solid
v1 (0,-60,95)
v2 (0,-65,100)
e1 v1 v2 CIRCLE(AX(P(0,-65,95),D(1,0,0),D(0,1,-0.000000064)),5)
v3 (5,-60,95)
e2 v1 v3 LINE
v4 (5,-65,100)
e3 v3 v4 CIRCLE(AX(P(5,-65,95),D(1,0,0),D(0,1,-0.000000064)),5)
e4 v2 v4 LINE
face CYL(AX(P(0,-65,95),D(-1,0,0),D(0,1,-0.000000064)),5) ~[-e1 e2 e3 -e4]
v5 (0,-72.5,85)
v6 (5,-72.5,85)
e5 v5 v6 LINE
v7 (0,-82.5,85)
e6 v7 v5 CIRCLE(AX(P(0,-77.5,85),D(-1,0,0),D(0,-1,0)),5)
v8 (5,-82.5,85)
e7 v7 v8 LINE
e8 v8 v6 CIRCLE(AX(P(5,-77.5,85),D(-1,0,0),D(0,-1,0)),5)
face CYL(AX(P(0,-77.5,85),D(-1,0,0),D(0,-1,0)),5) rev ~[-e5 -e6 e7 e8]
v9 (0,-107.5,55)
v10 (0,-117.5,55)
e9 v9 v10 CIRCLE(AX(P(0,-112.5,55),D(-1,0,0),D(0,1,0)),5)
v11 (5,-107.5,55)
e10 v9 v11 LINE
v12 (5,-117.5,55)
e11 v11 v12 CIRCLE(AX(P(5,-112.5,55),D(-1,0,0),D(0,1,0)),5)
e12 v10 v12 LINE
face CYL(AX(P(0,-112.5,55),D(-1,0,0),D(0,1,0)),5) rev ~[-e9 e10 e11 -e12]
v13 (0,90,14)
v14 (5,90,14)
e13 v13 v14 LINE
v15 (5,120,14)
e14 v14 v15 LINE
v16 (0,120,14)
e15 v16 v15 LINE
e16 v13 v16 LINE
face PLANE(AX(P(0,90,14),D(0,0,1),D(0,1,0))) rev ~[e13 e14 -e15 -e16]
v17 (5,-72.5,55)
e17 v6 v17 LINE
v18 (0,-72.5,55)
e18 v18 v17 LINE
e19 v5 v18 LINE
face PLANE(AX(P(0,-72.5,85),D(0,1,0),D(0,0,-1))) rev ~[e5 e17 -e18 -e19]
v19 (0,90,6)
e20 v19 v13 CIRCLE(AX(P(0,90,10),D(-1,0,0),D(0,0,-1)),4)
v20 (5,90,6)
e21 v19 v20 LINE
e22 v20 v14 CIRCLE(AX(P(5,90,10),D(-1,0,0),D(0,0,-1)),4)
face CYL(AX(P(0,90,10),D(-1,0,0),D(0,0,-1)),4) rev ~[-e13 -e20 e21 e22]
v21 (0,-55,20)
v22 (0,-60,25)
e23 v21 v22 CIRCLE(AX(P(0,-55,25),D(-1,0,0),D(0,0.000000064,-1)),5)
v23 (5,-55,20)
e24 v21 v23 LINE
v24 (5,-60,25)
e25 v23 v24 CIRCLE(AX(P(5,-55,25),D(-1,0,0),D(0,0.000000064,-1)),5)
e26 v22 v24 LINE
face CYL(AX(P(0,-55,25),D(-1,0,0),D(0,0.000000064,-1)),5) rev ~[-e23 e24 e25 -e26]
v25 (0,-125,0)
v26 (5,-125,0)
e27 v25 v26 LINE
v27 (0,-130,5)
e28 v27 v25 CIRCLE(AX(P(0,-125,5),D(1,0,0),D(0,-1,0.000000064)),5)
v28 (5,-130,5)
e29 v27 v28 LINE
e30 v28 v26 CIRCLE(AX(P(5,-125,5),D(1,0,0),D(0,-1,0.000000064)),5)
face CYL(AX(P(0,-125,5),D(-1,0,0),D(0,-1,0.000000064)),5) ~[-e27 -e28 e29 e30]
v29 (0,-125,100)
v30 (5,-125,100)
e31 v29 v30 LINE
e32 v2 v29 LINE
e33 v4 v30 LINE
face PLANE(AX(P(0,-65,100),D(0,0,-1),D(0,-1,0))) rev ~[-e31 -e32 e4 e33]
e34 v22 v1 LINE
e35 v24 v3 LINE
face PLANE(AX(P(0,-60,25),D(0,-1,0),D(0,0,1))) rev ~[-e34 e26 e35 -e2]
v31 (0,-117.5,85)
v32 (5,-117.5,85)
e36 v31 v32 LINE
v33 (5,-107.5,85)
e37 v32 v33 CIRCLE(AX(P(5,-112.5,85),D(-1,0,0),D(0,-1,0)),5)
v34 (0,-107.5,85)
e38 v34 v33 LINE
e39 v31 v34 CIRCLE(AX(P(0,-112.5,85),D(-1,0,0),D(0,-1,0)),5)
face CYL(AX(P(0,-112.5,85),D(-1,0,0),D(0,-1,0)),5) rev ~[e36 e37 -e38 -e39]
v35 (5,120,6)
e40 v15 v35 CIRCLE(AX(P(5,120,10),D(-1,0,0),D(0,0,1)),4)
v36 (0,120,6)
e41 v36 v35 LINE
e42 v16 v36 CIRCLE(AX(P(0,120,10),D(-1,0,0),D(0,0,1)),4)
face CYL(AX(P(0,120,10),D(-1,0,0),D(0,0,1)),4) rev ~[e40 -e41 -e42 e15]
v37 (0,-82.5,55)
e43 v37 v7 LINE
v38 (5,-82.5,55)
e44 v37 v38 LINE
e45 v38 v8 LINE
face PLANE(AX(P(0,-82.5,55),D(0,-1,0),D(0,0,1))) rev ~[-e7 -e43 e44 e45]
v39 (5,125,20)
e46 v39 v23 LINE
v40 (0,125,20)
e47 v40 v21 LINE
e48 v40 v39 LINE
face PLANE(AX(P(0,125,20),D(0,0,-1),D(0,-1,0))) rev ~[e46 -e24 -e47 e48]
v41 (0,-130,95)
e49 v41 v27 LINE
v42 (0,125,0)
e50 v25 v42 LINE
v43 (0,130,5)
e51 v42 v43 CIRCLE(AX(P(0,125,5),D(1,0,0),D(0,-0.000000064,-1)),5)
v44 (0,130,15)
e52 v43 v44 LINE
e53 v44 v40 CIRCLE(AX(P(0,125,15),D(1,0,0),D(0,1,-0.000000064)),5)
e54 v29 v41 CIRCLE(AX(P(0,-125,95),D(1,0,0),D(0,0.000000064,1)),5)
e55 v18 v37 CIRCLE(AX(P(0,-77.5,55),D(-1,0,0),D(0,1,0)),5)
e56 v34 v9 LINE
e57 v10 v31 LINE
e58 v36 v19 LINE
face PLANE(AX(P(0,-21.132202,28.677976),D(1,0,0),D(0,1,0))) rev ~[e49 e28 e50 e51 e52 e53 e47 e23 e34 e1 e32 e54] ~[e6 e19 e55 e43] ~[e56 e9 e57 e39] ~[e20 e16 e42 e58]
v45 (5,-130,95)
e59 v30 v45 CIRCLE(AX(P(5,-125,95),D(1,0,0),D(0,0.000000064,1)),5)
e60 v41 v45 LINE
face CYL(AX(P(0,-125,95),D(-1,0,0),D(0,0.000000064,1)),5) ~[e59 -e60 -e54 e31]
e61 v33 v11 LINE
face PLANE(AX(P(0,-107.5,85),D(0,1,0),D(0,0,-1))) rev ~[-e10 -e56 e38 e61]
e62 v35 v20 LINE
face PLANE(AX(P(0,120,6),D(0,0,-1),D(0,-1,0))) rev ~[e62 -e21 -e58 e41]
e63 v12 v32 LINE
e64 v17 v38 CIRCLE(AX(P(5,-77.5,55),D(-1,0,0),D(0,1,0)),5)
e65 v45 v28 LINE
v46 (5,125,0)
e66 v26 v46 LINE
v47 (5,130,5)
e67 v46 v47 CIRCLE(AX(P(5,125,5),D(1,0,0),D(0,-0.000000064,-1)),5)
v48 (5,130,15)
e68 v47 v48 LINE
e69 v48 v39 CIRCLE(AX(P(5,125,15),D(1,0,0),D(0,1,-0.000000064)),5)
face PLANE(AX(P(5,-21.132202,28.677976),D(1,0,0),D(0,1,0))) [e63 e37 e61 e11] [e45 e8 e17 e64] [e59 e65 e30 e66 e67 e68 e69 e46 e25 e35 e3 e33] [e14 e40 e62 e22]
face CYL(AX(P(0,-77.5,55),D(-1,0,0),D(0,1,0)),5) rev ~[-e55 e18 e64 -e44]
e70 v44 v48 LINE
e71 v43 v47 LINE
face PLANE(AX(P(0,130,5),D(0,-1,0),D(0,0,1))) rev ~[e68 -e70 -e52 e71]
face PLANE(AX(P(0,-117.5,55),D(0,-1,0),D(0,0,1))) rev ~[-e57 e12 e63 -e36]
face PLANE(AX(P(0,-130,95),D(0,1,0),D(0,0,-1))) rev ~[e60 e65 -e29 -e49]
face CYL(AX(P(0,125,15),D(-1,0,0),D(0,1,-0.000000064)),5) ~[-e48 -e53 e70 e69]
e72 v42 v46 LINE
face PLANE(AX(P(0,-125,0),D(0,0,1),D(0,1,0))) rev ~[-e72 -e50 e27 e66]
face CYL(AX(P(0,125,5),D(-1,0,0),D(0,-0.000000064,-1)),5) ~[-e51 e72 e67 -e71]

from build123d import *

# Parameters (mm, degrees)
F1_DEPTH = 5


with BuildPart() as f1:
    # F0 (on Right) → F1 (new body)
    with BuildSketch(Plane.YZ):
        with BuildLine():
            ThreePointArc((-125, 100), (-128.535534, 98.535534), (-130, 95))
            Line((-130, 95), (-130, 5))
            ThreePointArc((-130, 5), (-128.535534, 1.464466), (-125, 0))
            Line((-125, 0), (125, 0))
            ThreePointArc((125, 0), (128.535534, 1.464466), (130, 5))
            Line((130, 5), (130, 15))
            ThreePointArc((130, 15), (128.535534, 18.535534), (125, 20))
            Line((125, 20), (-55, 20))
            ThreePointArc((-55, 20), (-58.535534, 21.464466), (-60, 25))
            Line((-60, 25), (-60, 95))
            ThreePointArc((-60, 95), (-61.464466, 98.535534), (-65, 100))
            Line((-65, 100), (-125, 100))
        make_face()
        with BuildLine():
            Line((90, 14), (120, 14))
            ThreePointArc((120, 14), (124, 10), (120, 6))
            Line((120, 6), (90, 6))
            ThreePointArc((90, 6), (86, 10), (90, 14))
        make_face(mode=Mode.SUBTRACT)
        with BuildLine():
            ThreePointArc((-117.5, 85), (-112.5, 90), (-107.5, 85))
            Line((-107.5, 85), (-107.5, 55))
            ThreePointArc((-107.5, 55), (-112.5, 50), (-117.5, 55))
            Line((-117.5, 55), (-117.5, 85))
        make_face(mode=Mode.SUBTRACT)
        with BuildLine():
            ThreePointArc((-82.5, 85), (-77.5, 90), (-72.5, 85))
            Line((-72.5, 85), (-72.5, 55))
            ThreePointArc((-72.5, 55), (-77.5, 50), (-82.5, 55))
            Line((-82.5, 55), (-82.5, 85))
        make_face(mode=Mode.SUBTRACT)
    extrude(amount=F1_DEPTH)


solid = f1.part
